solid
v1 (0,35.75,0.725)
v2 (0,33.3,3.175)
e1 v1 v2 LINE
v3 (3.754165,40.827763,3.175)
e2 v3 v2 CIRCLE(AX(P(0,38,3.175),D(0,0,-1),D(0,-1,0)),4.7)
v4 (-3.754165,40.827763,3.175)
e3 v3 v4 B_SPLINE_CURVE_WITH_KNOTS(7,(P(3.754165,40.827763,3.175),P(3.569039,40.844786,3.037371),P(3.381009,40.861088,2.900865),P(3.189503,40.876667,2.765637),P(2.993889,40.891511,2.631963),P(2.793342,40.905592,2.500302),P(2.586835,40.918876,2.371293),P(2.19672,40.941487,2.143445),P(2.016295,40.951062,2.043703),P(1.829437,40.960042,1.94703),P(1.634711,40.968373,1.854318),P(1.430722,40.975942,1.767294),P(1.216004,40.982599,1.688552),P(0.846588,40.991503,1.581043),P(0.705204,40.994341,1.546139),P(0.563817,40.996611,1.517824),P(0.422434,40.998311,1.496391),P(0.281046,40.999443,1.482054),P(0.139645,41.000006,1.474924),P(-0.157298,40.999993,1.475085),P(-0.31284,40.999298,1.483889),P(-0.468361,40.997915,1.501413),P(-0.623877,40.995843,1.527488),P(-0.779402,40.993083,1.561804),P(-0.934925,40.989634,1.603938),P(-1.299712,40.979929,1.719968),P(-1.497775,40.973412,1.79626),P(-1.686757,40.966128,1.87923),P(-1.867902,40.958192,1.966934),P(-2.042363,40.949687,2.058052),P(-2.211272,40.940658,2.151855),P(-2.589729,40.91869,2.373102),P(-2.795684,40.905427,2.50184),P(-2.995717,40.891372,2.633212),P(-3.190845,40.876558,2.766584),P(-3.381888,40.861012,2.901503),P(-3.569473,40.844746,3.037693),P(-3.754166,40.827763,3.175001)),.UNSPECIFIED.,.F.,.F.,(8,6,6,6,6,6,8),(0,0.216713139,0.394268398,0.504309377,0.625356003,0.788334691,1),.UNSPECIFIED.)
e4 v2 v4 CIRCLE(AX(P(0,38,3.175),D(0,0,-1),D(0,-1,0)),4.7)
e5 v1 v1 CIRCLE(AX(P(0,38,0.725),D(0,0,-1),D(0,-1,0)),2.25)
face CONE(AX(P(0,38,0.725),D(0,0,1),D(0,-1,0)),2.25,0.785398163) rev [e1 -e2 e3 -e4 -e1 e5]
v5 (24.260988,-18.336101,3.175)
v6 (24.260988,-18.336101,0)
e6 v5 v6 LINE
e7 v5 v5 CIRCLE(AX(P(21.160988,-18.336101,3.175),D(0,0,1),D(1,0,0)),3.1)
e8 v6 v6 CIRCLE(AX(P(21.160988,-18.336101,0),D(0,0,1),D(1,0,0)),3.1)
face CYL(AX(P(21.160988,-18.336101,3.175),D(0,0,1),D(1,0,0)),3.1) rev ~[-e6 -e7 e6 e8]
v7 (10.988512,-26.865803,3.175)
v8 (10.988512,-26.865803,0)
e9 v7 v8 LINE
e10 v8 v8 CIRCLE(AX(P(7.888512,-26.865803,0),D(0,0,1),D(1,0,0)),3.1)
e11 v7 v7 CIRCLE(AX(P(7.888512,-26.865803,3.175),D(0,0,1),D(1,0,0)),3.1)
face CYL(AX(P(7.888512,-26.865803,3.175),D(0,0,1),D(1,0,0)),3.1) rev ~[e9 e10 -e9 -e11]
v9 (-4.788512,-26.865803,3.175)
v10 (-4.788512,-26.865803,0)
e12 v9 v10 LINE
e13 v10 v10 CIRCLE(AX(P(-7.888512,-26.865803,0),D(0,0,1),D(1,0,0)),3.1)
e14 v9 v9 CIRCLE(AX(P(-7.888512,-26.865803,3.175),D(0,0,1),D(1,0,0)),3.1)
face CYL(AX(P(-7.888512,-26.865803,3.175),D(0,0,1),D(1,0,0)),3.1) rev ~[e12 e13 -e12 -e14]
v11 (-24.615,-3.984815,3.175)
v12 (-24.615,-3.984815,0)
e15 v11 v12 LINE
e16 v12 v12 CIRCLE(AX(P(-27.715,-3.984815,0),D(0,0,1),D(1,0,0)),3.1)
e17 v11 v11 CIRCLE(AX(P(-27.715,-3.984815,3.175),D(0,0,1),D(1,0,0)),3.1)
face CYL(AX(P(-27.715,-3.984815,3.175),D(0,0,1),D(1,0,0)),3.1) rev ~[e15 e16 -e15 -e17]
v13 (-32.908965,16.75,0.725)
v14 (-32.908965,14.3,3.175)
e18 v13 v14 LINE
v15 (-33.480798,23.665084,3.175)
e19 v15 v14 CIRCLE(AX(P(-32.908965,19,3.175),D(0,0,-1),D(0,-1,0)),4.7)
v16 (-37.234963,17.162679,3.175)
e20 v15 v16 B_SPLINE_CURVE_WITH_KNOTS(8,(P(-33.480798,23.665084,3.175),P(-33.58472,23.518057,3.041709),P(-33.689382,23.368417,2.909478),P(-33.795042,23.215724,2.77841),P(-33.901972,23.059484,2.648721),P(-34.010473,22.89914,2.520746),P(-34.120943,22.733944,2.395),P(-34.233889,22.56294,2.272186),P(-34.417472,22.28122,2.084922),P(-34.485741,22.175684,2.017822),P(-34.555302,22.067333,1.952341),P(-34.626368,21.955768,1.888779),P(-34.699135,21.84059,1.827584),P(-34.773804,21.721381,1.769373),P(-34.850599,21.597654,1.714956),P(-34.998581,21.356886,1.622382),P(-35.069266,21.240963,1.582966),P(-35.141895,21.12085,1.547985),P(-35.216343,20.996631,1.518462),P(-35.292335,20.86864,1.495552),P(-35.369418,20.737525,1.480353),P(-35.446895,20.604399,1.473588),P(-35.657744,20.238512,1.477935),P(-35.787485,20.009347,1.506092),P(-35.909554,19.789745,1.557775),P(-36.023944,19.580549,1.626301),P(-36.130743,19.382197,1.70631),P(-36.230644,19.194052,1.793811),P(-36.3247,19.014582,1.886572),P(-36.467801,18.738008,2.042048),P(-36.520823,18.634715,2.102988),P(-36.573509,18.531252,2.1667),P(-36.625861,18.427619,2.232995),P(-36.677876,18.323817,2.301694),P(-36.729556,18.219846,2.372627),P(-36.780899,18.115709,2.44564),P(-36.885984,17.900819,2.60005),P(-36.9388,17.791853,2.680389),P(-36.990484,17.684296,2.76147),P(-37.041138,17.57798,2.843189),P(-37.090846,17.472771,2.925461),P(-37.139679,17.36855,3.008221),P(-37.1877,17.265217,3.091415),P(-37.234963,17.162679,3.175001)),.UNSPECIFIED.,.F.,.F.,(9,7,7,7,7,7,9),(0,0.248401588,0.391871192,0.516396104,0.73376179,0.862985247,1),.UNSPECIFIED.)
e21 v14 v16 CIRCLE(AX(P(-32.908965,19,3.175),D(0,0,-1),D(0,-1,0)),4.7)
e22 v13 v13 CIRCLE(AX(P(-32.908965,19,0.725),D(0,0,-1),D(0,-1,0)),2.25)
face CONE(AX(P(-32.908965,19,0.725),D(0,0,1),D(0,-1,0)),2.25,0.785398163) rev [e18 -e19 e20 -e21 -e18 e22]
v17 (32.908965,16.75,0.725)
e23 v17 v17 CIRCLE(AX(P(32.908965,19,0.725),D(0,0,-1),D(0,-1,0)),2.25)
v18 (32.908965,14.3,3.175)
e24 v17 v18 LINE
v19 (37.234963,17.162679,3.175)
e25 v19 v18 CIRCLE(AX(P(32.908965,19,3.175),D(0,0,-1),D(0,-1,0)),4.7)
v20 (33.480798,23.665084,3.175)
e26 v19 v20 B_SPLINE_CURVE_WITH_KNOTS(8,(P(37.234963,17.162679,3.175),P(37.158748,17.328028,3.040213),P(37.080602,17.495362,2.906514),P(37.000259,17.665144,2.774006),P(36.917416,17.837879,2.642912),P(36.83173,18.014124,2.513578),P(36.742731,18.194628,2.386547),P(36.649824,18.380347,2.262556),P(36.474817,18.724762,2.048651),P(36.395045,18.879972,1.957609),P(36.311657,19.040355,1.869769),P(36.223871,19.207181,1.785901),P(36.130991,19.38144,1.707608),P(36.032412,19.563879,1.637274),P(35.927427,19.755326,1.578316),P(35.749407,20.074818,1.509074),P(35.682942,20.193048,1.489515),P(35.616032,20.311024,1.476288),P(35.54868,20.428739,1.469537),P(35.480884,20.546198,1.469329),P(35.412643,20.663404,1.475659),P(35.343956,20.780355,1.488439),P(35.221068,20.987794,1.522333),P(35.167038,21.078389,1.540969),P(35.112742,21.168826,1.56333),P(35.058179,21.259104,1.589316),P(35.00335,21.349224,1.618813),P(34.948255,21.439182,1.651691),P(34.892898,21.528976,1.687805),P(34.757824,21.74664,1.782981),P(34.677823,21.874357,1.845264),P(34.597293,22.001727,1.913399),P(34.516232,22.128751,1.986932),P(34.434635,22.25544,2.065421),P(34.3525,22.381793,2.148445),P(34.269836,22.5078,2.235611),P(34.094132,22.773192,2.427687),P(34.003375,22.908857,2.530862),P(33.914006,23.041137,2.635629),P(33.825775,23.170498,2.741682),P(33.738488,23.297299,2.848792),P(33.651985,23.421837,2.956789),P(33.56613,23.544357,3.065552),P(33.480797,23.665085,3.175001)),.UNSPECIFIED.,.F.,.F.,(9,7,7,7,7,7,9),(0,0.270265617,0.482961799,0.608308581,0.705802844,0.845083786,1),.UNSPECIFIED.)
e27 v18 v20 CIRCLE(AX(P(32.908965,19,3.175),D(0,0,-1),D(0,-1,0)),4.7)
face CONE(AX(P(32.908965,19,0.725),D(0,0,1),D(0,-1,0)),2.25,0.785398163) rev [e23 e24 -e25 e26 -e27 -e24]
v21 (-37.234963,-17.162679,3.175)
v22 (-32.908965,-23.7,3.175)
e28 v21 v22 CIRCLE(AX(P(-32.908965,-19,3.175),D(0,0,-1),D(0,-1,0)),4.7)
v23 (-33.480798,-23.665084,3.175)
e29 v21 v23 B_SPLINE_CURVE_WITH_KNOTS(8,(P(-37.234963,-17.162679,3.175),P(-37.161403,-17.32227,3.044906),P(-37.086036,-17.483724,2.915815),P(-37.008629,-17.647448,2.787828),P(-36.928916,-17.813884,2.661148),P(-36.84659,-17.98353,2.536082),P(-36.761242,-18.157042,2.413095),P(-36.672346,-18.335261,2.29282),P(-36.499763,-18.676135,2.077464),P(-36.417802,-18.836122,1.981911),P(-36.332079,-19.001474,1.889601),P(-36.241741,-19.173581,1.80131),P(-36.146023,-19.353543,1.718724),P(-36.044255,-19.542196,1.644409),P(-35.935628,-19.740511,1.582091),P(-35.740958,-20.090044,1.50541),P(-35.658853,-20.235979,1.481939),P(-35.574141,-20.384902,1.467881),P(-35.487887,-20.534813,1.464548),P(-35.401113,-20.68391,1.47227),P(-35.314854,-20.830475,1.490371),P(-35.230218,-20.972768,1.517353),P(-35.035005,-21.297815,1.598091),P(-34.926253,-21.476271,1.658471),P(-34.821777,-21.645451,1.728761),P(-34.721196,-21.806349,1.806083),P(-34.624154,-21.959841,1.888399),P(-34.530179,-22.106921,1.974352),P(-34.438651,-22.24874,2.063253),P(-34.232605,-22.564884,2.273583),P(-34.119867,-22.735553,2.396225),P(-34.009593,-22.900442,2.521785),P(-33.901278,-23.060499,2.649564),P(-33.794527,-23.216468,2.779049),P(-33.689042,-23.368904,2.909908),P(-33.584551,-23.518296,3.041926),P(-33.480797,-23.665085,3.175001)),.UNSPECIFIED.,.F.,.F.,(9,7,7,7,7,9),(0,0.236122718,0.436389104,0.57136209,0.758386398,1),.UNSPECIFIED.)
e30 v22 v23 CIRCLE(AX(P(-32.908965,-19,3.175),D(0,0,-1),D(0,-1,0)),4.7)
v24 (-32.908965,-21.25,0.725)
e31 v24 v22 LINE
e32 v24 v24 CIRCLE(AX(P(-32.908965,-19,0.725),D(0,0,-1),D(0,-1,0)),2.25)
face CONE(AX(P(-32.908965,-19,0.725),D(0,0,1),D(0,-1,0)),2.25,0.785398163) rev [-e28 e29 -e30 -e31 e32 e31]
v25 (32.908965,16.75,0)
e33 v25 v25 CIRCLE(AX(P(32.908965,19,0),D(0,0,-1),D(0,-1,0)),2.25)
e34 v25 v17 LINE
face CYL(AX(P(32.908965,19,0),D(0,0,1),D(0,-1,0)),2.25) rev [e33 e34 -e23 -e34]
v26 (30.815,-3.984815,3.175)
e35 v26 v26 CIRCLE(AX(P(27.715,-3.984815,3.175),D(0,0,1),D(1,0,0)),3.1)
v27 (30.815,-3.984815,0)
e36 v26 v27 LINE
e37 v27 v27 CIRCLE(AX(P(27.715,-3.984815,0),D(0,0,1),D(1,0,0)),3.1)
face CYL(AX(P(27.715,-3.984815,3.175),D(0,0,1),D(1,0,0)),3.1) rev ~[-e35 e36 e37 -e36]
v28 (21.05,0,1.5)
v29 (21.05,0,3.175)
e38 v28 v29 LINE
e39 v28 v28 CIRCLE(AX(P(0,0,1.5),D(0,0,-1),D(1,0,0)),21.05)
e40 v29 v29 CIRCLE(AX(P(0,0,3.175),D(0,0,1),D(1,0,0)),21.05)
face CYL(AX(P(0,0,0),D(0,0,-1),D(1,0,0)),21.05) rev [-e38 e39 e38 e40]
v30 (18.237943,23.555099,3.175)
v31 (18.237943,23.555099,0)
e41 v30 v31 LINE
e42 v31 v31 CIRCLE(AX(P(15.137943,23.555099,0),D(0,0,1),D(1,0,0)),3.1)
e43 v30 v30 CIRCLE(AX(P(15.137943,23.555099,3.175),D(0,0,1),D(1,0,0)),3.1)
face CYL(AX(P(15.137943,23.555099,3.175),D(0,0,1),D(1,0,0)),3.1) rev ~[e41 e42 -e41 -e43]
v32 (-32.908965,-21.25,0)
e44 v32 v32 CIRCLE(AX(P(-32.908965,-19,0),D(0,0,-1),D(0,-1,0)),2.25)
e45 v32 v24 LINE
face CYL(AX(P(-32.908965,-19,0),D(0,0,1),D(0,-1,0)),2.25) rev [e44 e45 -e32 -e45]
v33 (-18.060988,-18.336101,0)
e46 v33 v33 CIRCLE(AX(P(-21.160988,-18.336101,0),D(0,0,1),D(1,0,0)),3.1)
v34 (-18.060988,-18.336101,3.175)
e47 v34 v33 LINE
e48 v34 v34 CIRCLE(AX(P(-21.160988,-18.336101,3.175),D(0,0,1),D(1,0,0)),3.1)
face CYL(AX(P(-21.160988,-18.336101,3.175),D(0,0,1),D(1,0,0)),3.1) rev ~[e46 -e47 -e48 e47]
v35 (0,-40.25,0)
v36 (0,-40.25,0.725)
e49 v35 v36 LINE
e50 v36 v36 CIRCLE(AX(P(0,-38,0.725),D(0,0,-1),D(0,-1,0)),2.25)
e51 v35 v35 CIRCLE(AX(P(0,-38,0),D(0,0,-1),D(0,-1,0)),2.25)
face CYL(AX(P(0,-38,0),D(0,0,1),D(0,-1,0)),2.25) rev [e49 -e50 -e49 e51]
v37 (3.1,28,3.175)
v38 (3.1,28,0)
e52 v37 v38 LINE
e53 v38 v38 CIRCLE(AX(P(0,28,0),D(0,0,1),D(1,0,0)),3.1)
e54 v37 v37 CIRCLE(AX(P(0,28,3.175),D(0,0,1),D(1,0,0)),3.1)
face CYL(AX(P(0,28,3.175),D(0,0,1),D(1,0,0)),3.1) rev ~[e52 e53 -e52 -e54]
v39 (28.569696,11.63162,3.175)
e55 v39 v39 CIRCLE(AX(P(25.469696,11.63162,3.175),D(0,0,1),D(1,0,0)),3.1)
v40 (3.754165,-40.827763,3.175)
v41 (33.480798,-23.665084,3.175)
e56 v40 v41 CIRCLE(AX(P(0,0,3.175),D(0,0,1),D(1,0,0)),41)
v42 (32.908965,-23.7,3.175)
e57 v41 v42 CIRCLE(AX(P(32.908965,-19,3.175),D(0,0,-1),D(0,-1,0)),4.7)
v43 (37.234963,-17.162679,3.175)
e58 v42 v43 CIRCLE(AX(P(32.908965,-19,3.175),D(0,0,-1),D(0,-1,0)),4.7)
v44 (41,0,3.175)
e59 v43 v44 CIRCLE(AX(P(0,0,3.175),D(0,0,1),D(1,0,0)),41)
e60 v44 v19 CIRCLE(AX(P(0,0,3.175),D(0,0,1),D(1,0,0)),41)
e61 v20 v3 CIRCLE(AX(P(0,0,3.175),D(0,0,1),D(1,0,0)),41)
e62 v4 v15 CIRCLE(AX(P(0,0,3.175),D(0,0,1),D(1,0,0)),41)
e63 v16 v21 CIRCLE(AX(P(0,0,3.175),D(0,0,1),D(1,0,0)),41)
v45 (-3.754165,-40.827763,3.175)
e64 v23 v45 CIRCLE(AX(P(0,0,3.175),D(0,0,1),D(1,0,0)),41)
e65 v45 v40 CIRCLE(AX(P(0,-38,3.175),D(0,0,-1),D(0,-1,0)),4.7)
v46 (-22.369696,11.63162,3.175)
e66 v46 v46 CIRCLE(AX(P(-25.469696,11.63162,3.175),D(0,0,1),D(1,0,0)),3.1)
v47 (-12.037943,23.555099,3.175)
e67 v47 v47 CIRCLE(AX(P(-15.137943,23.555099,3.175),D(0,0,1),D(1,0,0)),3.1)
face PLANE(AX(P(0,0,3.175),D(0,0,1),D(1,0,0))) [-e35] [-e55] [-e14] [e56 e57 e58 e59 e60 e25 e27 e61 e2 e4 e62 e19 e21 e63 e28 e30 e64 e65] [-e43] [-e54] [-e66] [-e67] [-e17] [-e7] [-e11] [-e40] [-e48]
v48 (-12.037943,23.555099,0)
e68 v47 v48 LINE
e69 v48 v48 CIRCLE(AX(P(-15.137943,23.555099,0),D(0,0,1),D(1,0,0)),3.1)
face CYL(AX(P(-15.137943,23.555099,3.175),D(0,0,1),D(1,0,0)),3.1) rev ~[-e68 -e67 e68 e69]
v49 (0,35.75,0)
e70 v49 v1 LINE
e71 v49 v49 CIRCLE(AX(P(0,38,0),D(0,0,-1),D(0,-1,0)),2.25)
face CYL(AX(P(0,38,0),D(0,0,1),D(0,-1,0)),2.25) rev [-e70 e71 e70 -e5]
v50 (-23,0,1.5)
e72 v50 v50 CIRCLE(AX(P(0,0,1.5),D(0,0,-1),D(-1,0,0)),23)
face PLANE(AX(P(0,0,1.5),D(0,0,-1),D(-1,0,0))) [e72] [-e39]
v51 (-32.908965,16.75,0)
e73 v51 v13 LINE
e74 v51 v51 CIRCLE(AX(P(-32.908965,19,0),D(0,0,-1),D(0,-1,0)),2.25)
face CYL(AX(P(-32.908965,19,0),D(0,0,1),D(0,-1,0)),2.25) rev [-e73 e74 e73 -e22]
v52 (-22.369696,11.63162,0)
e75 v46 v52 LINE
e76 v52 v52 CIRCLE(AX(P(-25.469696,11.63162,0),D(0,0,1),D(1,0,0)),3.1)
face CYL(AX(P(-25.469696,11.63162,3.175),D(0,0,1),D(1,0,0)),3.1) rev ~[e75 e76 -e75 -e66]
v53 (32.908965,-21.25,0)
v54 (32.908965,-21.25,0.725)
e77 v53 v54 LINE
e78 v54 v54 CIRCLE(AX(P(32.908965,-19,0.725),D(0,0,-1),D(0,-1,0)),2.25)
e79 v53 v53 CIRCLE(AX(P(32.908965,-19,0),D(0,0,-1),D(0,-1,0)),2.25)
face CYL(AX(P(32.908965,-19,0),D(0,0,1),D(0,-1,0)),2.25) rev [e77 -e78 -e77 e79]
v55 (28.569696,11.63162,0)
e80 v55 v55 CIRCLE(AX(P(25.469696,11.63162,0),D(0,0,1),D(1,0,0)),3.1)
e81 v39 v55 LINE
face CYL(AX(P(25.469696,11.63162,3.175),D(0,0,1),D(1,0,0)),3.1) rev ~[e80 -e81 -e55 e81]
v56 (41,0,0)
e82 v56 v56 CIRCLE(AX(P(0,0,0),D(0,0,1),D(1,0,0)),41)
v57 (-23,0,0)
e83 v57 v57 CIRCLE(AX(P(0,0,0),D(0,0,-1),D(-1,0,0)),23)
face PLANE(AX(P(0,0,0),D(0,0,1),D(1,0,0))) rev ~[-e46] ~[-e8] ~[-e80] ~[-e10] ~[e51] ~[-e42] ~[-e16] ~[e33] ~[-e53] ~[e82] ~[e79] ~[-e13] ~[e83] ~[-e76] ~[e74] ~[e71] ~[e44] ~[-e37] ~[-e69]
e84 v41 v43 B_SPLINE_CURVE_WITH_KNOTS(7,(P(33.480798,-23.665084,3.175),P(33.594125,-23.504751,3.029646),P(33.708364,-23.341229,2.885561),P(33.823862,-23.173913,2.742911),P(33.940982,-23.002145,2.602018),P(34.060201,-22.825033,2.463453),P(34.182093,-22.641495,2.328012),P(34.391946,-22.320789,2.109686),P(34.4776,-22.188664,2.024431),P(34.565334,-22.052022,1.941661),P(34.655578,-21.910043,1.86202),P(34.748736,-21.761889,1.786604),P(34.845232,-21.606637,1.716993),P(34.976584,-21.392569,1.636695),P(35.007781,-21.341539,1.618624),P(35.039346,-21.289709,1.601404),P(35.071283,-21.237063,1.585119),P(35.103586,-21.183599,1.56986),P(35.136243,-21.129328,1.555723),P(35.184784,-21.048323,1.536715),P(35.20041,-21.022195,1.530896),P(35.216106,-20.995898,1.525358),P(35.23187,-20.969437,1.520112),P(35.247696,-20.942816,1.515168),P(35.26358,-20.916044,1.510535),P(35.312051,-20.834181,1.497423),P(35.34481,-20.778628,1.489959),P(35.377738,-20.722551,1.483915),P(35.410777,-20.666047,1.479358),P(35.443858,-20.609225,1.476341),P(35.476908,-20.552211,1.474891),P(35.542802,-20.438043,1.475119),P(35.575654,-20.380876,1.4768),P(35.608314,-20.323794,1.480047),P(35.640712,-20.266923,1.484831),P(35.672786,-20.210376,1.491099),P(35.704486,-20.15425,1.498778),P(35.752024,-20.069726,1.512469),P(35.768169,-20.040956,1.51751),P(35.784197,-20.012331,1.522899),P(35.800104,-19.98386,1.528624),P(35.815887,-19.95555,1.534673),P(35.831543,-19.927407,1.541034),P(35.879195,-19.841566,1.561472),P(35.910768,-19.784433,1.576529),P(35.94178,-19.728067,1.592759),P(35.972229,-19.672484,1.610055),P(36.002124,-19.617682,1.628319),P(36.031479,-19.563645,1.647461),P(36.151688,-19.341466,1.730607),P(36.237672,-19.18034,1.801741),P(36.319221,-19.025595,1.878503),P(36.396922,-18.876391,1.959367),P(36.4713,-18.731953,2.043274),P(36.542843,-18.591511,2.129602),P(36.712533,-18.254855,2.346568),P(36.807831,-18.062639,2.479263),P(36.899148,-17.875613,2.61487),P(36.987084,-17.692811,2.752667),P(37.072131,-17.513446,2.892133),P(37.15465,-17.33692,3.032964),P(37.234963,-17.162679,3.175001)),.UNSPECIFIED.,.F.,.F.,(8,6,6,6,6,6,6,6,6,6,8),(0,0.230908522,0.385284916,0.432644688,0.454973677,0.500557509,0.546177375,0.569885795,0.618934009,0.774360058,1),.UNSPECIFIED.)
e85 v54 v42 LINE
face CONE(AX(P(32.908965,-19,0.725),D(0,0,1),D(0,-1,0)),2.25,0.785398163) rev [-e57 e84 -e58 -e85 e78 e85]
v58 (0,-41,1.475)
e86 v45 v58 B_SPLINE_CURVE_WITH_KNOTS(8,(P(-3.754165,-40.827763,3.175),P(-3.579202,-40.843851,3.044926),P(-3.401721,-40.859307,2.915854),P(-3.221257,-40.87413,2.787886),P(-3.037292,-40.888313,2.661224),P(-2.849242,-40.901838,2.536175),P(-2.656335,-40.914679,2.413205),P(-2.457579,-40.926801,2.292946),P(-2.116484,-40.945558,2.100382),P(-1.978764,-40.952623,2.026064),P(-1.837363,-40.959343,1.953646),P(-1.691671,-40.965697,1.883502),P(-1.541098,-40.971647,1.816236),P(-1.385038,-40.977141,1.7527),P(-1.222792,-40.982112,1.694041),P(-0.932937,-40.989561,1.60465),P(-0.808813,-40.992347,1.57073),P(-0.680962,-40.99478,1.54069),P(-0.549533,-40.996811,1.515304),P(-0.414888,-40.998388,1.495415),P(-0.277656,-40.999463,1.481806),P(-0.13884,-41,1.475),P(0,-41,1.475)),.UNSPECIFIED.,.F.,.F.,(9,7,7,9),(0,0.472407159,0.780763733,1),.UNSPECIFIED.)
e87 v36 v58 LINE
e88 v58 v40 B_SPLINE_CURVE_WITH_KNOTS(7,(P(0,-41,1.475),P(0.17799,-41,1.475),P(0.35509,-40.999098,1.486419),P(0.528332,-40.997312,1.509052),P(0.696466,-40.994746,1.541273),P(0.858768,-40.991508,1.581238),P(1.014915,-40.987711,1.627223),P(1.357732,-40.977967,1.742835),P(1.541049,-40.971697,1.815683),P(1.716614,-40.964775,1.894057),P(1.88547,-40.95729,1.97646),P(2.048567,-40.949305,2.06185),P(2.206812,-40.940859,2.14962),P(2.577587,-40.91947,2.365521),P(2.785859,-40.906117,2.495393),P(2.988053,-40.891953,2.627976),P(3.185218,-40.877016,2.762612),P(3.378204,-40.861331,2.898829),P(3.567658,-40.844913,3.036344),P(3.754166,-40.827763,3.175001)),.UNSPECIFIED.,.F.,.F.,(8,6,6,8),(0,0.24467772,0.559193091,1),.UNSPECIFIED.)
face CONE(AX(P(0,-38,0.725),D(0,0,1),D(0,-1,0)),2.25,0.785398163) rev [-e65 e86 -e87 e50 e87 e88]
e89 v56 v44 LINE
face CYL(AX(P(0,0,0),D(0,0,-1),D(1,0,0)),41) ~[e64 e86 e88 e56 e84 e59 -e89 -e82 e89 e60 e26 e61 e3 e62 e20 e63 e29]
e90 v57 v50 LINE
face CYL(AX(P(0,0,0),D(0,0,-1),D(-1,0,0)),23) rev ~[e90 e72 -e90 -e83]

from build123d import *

# Parameters (mm, degrees)
SKETCH1_R                                    = 41
SKETCH1_R_2                                  = 21.05
BOSS_EXTRUDE1_DEPTH                          = 3.175
SKETCH2_R                                    = 23
CUT_EXTRUDE1_DEPTH                           = 1.5
CSK_FOR_M4_COUNTERSUNK_FLAT_HEAD_SCR_2_COUNT = 2
CSK_FOR_M4_COUNTERSUNK_FLAT_HEAD_SCR_2_PITCH = 38
CSK_FOR_M4_COUNTERSUNK_FLAT_HEAD_SCR_3_COUNT = 2
CSK_FOR_M4_COUNTERSUNK_FLAT_HEAD_SCR_3_PITCH = 65.817930688
CSK_FOR_M4_COUNTERSUNK_FLAT_HEAD_SCR_4_COUNT = 2
CSK_FOR_M4_COUNTERSUNK_FLAT_HEAD_SCR_4_PITCH = 76
CSK_FOR_M4_COUNTERSUNK_FLAT_HEAD_SCR_5_COUNT = 2
CSK_FOR_M4_COUNTERSUNK_FLAT_HEAD_SCR_5_PITCH = 65.817930688
CSK_FOR_M4_COUNTERSUNK_FLAT_HEAD_SCR_6_COUNT = 2
CSK_FOR_M4_COUNTERSUNK_FLAT_HEAD_SCR_6_PITCH = 38
CSK_FOR_M4_COUNTERSUNK_FLAT_HEAD_SCR_7_COUNT = 2
CSK_FOR_M4_COUNTERSUNK_FLAT_HEAD_SCR_7_PITCH = 38
SKETCH5_R                                    = 3.1
CUT_EXTRUDE2_DEPTH                           = 59.069618924


with BuildPart() as part:
    # Sketch1 → Boss-Extrude1 (new body)
    with BuildSketch(Plane(origin=(0, 0, 0), x_dir=(0, 1, 0), z_dir=(0, 0, 1))):
        with Locations(Location((0, 0, 0), (0, 0, 270))):
            Circle(SKETCH1_R)
        with Locations(Location((0, 0, 0), (0, 0, 270))):
            Circle(SKETCH1_R_2, mode=Mode.SUBTRACT)
    extrude(amount=BOSS_EXTRUDE1_DEPTH)

    # Sketch2 → Cut-Extrude1 (cut)
    with BuildSketch(Plane(origin=(0, 0, 0), x_dir=(1, 0, 0), z_dir=(0, 0, -1))):
        with Locations(Location((0, 0, 0), (0, 0, 180))):
            Circle(SKETCH2_R)
    extrude(amount=-CUT_EXTRUDE1_DEPTH, mode=Mode.SUBTRACT)

    # Sketch4 → CSK for M4 Countersunk Flat Head Screw1 (revolve, cut)
    with BuildSketch(Plane(origin=(0, 38, 3.175), x_dir=(0, -1, 0), z_dir=(1, 0, 0))):
        Polygon((0, 0), (0, 3.175), (2.25, 3.175), (2.25, 2.45), (4.7, 0), align=None)
    csk_for_m4_countersunk_flat_head_screw1 = revolve(axis=Axis((0, 38, 9.525), (0, 0, -1)), mode=Mode.SUBTRACT)

    # CSK for M4 Countersunk Flat Head Scr 2: CSK for M4 Countersunk Flat Head Screw1 ×2
    with Locations(*[Vector(0.8660254037844387, -0.49999999999999994, 0) * (i * CSK_FOR_M4_COUNTERSUNK_FLAT_HEAD_SCR_2_PITCH) for i in range(1, CSK_FOR_M4_COUNTERSUNK_FLAT_HEAD_SCR_2_COUNT)]):
        add(csk_for_m4_countersunk_flat_head_screw1, mode=Mode.SUBTRACT)

    # CSK for M4 Countersunk Flat Head Scr 3: CSK for M4 Countersunk Flat Head Screw1 ×2
    with Locations(*[Vector(0.5000000000000001, -0.8660254037844386, 0) * (i * CSK_FOR_M4_COUNTERSUNK_FLAT_HEAD_SCR_3_PITCH) for i in range(1, CSK_FOR_M4_COUNTERSUNK_FLAT_HEAD_SCR_3_COUNT)]):
        add(csk_for_m4_countersunk_flat_head_screw1, mode=Mode.SUBTRACT)

    # CSK for M4 Countersunk Flat Head Scr 4: CSK for M4 Countersunk Flat Head Screw1 ×2
    with Locations(*[(0, -i * CSK_FOR_M4_COUNTERSUNK_FLAT_HEAD_SCR_4_PITCH, 0) for i in range(1, CSK_FOR_M4_COUNTERSUNK_FLAT_HEAD_SCR_4_COUNT)]):
        add(csk_for_m4_countersunk_flat_head_screw1, mode=Mode.SUBTRACT)

    # CSK for M4 Countersunk Flat Head Scr 5: CSK for M4 Countersunk Flat Head Screw1 ×2
    with Locations(*[Vector(-0.49999999999999983, -0.8660254037844388, 0) * (i * CSK_FOR_M4_COUNTERSUNK_FLAT_HEAD_SCR_5_PITCH) for i in range(1, CSK_FOR_M4_COUNTERSUNK_FLAT_HEAD_SCR_5_COUNT)]):
        add(csk_for_m4_countersunk_flat_head_screw1, mode=Mode.SUBTRACT)

    # CSK for M4 Countersunk Flat Head Scr 6: CSK for M4 Countersunk Flat Head Screw1 ×2
    with Locations(*[Vector(-0.8660254037844387, -0.4999999999999999, 0) * (i * CSK_FOR_M4_COUNTERSUNK_FLAT_HEAD_SCR_6_PITCH) for i in range(1, CSK_FOR_M4_COUNTERSUNK_FLAT_HEAD_SCR_6_COUNT)]):
        add(csk_for_m4_countersunk_flat_head_screw1, mode=Mode.SUBTRACT)

    # CSK for M4 Countersunk Flat Head Scr 7: CSK for M4 Countersunk Flat Head Screw1 ×2
    with Locations(*[(0, -i * CSK_FOR_M4_COUNTERSUNK_FLAT_HEAD_SCR_7_PITCH, 0) for i in range(1, CSK_FOR_M4_COUNTERSUNK_FLAT_HEAD_SCR_7_COUNT)]):
        add(csk_for_m4_countersunk_flat_head_screw1, mode=Mode.SUBTRACT)

    # Sketch5 → Cut-Extrude2 (cut, through all)
    with BuildSketch(Plane.XY.offset(3.175)):
        with Locations((-27.715000373, -3.984815472)):
            Circle(SKETCH5_R)
        with Locations((-21.160988082, -18.33610055)):
            Circle(SKETCH5_R)
        with Locations((-7.888511592, -26.865803261)):
            Circle(SKETCH5_R)
        with Locations((7.888511592, -26.865803261)):
            Circle(SKETCH5_R)
        with Locations((21.160988082, -18.33610055)):
            Circle(SKETCH5_R)
        with Locations((27.715000373, -3.984815472)):
            Circle(SKETCH5_R)
        with Locations((25.46969587, 11.631620364)):
            Circle(SKETCH5_R)
        with Locations((15.137942889, 23.555098919)):
            Circle(SKETCH5_R)
        with Locations((0, 28)):
            Circle(SKETCH5_R)
        with Locations((-15.137942889, 23.555098919)):
            Circle(SKETCH5_R)
        with Locations((-25.46969587, 11.631620364)):
            Circle(SKETCH5_R)
    extrude(amount=-CUT_EXTRUDE2_DEPTH, mode=Mode.SUBTRACT)


solid = part.part
